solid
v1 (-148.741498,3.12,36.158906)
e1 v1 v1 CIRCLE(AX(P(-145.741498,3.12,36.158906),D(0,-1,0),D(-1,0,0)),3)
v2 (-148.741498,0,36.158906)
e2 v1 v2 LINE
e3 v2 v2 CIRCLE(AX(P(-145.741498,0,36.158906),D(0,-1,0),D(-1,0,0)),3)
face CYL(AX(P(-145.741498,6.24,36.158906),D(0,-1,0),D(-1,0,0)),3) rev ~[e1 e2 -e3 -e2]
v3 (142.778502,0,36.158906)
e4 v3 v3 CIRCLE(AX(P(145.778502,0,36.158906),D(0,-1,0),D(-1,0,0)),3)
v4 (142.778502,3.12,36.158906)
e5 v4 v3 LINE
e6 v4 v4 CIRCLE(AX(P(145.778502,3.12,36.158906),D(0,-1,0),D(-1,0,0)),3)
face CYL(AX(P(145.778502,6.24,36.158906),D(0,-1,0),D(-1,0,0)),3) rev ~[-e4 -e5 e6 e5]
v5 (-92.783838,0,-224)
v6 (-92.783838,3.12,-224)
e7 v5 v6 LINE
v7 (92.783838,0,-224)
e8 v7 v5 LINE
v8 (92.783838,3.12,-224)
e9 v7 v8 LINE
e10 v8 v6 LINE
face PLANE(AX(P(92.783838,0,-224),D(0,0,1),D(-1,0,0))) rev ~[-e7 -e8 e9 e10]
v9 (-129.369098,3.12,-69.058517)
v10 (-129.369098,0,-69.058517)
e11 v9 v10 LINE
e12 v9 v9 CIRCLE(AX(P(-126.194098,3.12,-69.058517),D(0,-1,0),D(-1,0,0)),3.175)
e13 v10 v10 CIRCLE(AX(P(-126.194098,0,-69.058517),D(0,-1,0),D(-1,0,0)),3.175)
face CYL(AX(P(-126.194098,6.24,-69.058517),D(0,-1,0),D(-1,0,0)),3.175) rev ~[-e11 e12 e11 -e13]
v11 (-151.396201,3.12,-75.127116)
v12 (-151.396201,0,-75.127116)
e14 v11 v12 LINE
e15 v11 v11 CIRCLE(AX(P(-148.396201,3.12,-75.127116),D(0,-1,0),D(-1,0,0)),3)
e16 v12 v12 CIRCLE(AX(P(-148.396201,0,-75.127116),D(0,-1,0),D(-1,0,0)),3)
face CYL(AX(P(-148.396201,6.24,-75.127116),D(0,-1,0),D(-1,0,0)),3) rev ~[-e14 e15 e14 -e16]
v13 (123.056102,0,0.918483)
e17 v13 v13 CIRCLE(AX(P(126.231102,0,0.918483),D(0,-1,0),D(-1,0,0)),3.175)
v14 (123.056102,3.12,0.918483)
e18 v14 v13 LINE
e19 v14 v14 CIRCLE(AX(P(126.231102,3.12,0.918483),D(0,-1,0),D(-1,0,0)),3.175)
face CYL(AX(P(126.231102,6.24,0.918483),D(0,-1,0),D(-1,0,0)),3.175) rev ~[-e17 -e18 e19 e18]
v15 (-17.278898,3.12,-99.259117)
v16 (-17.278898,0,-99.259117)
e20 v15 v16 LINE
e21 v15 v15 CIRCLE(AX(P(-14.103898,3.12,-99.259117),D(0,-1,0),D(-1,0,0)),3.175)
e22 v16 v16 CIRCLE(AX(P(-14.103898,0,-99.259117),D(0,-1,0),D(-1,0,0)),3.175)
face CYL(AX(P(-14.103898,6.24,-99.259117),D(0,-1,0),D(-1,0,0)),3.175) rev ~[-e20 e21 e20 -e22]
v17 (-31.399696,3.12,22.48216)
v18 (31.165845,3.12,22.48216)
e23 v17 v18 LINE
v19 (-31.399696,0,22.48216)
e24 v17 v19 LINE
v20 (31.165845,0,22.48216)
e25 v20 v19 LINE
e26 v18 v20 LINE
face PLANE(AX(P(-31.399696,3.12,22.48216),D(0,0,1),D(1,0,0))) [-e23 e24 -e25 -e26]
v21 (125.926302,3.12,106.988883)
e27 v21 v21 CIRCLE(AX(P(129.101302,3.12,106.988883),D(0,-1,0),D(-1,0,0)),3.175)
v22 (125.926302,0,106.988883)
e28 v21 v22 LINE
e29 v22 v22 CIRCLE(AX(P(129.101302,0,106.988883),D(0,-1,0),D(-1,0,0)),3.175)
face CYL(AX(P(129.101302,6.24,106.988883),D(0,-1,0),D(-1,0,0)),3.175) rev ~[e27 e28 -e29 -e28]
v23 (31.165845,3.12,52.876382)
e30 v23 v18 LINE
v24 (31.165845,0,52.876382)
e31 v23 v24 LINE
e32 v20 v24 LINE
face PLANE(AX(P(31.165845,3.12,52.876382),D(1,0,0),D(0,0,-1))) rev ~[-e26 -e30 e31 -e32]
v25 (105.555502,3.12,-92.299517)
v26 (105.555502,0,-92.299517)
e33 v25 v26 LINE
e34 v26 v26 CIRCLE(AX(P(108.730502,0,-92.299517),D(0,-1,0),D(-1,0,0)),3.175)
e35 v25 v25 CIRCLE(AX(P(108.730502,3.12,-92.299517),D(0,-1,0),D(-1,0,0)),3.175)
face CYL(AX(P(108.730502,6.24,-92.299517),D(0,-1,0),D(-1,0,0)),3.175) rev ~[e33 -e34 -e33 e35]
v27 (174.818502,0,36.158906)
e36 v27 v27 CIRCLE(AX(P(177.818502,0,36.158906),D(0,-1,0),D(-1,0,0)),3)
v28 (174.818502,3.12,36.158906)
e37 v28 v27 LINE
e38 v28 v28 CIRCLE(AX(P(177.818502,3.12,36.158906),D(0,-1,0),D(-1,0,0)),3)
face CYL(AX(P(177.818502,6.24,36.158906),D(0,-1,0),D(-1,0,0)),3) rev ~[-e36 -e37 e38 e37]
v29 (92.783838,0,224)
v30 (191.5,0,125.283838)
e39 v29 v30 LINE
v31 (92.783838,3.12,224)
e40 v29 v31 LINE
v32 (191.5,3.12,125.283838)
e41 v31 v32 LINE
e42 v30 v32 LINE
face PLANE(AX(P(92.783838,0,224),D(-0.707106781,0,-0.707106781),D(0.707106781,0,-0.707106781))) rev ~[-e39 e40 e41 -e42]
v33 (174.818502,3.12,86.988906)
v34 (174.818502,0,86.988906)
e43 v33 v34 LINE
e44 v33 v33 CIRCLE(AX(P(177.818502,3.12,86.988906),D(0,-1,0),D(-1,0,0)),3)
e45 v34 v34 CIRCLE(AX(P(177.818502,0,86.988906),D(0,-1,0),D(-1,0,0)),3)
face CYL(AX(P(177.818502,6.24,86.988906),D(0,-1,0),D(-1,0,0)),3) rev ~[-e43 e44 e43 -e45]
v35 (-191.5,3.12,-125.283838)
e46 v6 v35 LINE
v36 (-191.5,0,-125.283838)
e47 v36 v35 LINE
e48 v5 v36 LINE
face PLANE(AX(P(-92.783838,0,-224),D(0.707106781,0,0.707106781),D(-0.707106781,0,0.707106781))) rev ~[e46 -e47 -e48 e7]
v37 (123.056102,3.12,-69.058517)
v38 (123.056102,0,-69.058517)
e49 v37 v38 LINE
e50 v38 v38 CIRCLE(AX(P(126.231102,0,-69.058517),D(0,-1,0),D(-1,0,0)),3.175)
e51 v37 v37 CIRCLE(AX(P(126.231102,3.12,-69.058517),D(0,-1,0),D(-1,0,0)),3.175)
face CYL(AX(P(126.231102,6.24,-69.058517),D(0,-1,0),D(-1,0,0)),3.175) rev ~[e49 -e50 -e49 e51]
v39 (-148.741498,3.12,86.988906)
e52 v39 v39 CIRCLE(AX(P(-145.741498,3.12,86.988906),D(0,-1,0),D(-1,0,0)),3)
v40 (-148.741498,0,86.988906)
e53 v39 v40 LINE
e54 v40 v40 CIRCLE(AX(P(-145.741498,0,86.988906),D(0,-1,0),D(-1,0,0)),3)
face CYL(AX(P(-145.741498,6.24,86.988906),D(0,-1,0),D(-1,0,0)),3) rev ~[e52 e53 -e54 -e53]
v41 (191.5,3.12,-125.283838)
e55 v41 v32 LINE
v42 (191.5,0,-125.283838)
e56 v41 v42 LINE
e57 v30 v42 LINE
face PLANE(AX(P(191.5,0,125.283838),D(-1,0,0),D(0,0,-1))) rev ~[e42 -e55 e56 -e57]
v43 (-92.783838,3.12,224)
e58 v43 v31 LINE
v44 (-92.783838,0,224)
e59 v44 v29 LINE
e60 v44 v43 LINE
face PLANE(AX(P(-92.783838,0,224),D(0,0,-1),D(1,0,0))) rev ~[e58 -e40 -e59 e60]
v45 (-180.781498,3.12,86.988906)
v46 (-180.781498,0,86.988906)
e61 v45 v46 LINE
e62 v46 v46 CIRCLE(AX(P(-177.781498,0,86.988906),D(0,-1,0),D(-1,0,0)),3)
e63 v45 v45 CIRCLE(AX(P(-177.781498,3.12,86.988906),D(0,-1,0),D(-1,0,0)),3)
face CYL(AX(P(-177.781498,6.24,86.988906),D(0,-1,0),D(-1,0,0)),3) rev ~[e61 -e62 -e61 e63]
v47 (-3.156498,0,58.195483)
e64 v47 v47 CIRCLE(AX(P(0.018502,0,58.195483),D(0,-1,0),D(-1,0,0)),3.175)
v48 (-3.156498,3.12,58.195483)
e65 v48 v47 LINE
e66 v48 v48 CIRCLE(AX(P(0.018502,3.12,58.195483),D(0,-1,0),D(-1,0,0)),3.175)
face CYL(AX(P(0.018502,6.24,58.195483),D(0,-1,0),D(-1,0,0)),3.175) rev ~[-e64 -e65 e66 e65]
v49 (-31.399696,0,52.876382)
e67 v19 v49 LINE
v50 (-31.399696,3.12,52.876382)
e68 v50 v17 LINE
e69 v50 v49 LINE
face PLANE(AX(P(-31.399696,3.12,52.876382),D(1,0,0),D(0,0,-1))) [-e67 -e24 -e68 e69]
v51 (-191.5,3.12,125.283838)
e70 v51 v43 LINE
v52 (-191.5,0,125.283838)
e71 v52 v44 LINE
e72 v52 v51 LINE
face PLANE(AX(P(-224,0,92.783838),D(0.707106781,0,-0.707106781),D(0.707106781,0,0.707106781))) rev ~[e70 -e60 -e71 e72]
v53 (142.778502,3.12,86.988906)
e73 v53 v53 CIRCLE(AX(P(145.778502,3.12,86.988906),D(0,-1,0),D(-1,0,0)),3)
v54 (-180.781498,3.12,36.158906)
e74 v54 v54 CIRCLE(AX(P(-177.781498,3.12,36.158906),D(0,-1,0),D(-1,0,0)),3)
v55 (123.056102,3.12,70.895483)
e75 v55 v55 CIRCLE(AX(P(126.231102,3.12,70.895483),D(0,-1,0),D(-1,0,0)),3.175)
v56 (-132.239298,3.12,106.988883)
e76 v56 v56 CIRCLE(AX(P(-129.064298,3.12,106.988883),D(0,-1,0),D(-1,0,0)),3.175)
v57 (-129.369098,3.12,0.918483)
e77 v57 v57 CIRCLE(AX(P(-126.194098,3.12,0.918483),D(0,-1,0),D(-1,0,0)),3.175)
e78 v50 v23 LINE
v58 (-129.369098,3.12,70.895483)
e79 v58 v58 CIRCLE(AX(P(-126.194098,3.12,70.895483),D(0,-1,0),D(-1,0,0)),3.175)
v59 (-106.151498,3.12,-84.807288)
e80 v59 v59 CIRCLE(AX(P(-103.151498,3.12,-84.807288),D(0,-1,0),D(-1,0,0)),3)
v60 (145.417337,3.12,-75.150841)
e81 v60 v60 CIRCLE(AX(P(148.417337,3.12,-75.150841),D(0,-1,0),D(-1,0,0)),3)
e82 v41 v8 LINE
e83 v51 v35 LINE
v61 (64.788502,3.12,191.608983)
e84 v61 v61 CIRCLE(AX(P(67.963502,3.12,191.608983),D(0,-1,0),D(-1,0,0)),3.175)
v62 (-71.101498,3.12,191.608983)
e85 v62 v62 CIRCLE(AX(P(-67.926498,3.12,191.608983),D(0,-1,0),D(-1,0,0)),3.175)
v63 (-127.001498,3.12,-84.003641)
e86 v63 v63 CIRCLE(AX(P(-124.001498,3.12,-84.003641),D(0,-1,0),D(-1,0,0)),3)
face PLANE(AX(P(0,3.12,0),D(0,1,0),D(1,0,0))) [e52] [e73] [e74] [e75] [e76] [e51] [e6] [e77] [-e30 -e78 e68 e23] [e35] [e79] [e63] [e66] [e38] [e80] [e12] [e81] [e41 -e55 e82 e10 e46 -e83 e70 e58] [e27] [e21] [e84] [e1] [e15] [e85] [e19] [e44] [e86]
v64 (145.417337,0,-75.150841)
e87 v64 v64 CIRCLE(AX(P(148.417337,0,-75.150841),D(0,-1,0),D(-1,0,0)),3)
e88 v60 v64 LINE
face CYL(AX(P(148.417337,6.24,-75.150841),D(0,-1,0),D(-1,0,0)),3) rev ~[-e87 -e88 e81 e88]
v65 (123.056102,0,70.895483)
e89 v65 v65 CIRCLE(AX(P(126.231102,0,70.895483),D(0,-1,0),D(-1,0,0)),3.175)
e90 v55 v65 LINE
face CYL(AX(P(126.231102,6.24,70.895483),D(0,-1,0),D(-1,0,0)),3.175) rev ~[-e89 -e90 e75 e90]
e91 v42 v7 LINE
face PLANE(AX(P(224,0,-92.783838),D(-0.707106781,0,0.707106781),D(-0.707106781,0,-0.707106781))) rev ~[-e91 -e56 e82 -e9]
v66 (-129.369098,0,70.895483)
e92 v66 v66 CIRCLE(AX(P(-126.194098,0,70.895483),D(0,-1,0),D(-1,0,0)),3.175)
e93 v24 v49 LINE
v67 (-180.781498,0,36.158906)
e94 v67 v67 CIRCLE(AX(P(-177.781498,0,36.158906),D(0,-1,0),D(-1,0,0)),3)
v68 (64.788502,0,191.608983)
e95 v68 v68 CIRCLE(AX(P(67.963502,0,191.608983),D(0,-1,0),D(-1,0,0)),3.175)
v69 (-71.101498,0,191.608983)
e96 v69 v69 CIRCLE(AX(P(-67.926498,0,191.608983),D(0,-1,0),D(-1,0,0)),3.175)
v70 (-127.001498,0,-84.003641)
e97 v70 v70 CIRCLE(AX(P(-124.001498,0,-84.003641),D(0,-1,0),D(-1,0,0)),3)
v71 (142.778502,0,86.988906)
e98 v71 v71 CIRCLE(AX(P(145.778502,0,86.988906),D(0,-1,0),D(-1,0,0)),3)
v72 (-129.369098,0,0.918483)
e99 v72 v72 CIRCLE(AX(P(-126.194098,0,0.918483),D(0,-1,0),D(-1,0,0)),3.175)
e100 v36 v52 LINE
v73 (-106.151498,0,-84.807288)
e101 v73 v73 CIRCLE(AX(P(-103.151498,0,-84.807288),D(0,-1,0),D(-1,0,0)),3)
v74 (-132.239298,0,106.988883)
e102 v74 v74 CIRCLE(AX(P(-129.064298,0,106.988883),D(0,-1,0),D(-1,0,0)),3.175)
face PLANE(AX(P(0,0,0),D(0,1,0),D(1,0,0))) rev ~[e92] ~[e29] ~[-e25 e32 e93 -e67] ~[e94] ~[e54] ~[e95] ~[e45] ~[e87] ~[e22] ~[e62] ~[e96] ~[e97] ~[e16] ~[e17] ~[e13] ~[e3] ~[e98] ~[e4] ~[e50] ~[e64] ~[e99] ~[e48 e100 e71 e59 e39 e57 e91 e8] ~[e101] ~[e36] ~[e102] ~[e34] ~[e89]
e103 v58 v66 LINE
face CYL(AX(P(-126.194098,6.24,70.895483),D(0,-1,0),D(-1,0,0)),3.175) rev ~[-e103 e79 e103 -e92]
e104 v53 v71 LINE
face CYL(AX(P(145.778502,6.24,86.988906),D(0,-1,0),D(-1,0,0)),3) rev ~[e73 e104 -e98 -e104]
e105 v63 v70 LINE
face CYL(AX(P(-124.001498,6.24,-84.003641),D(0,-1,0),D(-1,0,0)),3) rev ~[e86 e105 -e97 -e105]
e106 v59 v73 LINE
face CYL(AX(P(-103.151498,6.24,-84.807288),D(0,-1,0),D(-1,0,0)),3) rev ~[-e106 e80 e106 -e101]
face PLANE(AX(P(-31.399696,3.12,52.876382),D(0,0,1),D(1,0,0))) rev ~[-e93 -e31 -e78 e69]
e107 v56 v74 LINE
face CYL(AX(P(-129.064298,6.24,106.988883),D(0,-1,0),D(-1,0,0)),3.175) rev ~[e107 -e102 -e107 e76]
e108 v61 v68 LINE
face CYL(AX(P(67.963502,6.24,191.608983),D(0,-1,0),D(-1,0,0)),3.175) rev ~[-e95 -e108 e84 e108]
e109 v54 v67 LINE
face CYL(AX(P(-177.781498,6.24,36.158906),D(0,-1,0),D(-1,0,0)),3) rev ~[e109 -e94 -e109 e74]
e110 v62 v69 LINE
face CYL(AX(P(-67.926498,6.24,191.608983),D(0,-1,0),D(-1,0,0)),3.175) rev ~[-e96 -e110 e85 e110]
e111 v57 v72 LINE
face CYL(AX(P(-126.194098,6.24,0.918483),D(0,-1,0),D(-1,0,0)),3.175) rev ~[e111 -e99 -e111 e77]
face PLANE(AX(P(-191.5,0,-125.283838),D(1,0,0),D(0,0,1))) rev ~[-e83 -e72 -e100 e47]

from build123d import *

# Parameters (mm, degrees)
BOSS_EXTRUDE2_DEPTH             = 3.12
CUT_EXTRUDE2_DEPTH              = 4.12
CUT_EXTRUDE3_DEPTH              = 4.12
F_1_4_0_25_DIAMETER_HOLE1_D     = 6.35
F_1_4_0_25_DIAMETER_HOLE1_DEPTH = 3.12
CUT_EXTRUDE4_REACH              = 5.12
SKETCH22_W                      = 62.565541267
SKETCH22_H                      = 30.394221155
F_6_0MM_DOWEL_HOLE2_D           = 6
F_6_0MM_DOWEL_HOLE2_DEPTH       = 3.12
F_6_0MM_DOWEL_HOLE1_D           = 6
F_6_0MM_DOWEL_HOLE1_DEPTH       = 3.12
F_6_0MM_DOWEL_HOLE3_D           = 6
F_6_0MM_DOWEL_HOLE3_DEPTH       = 3.12


with BuildPart() as part:
    # Sketch14 → Boss-Extrude2 (new body)
    with BuildSketch(Plane(origin=(0, 0, 0), x_dir=(1, 0, 0), z_dir=(0, 1, 0))):
        Polygon((224, 92.783837972), (92.783837972, 224), (-92.783837972, 224), (-224, 92.783837972), (-224, -92.783837972), (-92.783837972, -224), (92.783837972, -224), (224, -92.783837972), align=None)
    extrude(amount=BOSS_EXTRUDE2_DEPTH)

    # Sketch17 → Cut-Extrude2 (cut)
    with BuildSketch(Plane.XZ):
        Polygon((191.5, 125.283837972), (191.5, -125.741978826), (224, -92.783837972), (224, 92.783837972), align=None)
    extrude(amount=-CUT_EXTRUDE2_DEPTH, mode=Mode.SUBTRACT)

    # Sketch18 → Cut-Extrude3 (cut)
    with BuildSketch(Plane.XZ):
        Polygon((-191.5, 125.283837972), (-224, 92.783837972), (-224, -92.783837972), (-191.5, -125.283837972), align=None)
    extrude(amount=-CUT_EXTRUDE3_DEPTH, mode=Mode.SUBTRACT)

    # 1/4 (0.25) Diameter Hole1
    with Locations(Plane(origin=(0, 3.12, 0), x_dir=(1, 0, 0), z_dir=(0, 1, 0))):
        with Locations((67.963501684, -191.608983424), (-67.926498316, -191.608983424), (-129.064298316, -106.988883424), (-126.194098316, -70.895483424), (-126.194098316, -0.918483424), (-126.194098316, 69.058516576), (-14.103898316, 99.259116576), (108.730501684, 92.299516576), (126.231101684, 69.058516576), (126.231101684, -0.918483424), (129.101301684, -106.988883424), (126.231101684, -70.895483424), (0.018501684, -58.195483424)):
            Hole(F_1_4_0_25_DIAMETER_HOLE1_D / 2, depth=F_1_4_0_25_DIAMETER_HOLE1_DEPTH)

    # Sketch22 → Cut-Extrude4 (cut, up to next)
    with BuildSketch(Plane(origin=(0, 3.12, 0), x_dir=(1, 0, 0), z_dir=(0, 1, 0)), mode=Mode.PRIVATE) as cut_extrude4_sk1:
        with Locations((-0.116925735, -37.67927099)):
            Rectangle(SKETCH22_W, SKETCH22_H)
    cut_extrude4_tool1 = extrude(cut_extrude4_sk1.sketch, amount=-CUT_EXTRUDE4_REACH, mode=Mode.PRIVATE) & part.part
    add(cut_extrude4_tool1.solids().sort_by_distance((-0.116926, 3.12, 37.679271))[0], mode=Mode.SUBTRACT)

    # Ø6.0mm Dowel Hole2
    with Locations(Plane(origin=(0, 3.12, 0), x_dir=(1, 0, 0), z_dir=(0, 1, 0))):
        with Locations((-177.781498316, -36.158906441), (-177.781498316, -86.988906441), (-145.741498316, -36.158906441), (-145.741498316, -86.988906441), (145.778501684, -86.988906441), (177.818501684, -86.988906441), (177.818501684, -36.158906441), (145.778501684, -36.158906441)):
            Hole(F_6_0MM_DOWEL_HOLE2_D / 2, depth=F_6_0MM_DOWEL_HOLE2_DEPTH)

    # Ø6.0mm Dowel Hole1
    with Locations(Plane(origin=(0, 3.12, 0), x_dir=(1, 0, 0), z_dir=(0, 1, 0))):
        with Locations((-103.151498316, 84.807287956), (-124.001498316, 84.003641445)):
            Hole(F_6_0MM_DOWEL_HOLE1_D / 2, depth=F_6_0MM_DOWEL_HOLE1_DEPTH)

    # Ø6.0mm Dowel Hole3
    with Locations(Plane(origin=(0, 3.12, 0), x_dir=(1, 0, 0), z_dir=(0, 1, 0))):
        with Locations((-148.396200775, 75.127115617), (148.417336994, 75.150841329)):
            Hole(F_6_0MM_DOWEL_HOLE3_D / 2, depth=F_6_0MM_DOWEL_HOLE3_DEPTH)


solid = part.part
